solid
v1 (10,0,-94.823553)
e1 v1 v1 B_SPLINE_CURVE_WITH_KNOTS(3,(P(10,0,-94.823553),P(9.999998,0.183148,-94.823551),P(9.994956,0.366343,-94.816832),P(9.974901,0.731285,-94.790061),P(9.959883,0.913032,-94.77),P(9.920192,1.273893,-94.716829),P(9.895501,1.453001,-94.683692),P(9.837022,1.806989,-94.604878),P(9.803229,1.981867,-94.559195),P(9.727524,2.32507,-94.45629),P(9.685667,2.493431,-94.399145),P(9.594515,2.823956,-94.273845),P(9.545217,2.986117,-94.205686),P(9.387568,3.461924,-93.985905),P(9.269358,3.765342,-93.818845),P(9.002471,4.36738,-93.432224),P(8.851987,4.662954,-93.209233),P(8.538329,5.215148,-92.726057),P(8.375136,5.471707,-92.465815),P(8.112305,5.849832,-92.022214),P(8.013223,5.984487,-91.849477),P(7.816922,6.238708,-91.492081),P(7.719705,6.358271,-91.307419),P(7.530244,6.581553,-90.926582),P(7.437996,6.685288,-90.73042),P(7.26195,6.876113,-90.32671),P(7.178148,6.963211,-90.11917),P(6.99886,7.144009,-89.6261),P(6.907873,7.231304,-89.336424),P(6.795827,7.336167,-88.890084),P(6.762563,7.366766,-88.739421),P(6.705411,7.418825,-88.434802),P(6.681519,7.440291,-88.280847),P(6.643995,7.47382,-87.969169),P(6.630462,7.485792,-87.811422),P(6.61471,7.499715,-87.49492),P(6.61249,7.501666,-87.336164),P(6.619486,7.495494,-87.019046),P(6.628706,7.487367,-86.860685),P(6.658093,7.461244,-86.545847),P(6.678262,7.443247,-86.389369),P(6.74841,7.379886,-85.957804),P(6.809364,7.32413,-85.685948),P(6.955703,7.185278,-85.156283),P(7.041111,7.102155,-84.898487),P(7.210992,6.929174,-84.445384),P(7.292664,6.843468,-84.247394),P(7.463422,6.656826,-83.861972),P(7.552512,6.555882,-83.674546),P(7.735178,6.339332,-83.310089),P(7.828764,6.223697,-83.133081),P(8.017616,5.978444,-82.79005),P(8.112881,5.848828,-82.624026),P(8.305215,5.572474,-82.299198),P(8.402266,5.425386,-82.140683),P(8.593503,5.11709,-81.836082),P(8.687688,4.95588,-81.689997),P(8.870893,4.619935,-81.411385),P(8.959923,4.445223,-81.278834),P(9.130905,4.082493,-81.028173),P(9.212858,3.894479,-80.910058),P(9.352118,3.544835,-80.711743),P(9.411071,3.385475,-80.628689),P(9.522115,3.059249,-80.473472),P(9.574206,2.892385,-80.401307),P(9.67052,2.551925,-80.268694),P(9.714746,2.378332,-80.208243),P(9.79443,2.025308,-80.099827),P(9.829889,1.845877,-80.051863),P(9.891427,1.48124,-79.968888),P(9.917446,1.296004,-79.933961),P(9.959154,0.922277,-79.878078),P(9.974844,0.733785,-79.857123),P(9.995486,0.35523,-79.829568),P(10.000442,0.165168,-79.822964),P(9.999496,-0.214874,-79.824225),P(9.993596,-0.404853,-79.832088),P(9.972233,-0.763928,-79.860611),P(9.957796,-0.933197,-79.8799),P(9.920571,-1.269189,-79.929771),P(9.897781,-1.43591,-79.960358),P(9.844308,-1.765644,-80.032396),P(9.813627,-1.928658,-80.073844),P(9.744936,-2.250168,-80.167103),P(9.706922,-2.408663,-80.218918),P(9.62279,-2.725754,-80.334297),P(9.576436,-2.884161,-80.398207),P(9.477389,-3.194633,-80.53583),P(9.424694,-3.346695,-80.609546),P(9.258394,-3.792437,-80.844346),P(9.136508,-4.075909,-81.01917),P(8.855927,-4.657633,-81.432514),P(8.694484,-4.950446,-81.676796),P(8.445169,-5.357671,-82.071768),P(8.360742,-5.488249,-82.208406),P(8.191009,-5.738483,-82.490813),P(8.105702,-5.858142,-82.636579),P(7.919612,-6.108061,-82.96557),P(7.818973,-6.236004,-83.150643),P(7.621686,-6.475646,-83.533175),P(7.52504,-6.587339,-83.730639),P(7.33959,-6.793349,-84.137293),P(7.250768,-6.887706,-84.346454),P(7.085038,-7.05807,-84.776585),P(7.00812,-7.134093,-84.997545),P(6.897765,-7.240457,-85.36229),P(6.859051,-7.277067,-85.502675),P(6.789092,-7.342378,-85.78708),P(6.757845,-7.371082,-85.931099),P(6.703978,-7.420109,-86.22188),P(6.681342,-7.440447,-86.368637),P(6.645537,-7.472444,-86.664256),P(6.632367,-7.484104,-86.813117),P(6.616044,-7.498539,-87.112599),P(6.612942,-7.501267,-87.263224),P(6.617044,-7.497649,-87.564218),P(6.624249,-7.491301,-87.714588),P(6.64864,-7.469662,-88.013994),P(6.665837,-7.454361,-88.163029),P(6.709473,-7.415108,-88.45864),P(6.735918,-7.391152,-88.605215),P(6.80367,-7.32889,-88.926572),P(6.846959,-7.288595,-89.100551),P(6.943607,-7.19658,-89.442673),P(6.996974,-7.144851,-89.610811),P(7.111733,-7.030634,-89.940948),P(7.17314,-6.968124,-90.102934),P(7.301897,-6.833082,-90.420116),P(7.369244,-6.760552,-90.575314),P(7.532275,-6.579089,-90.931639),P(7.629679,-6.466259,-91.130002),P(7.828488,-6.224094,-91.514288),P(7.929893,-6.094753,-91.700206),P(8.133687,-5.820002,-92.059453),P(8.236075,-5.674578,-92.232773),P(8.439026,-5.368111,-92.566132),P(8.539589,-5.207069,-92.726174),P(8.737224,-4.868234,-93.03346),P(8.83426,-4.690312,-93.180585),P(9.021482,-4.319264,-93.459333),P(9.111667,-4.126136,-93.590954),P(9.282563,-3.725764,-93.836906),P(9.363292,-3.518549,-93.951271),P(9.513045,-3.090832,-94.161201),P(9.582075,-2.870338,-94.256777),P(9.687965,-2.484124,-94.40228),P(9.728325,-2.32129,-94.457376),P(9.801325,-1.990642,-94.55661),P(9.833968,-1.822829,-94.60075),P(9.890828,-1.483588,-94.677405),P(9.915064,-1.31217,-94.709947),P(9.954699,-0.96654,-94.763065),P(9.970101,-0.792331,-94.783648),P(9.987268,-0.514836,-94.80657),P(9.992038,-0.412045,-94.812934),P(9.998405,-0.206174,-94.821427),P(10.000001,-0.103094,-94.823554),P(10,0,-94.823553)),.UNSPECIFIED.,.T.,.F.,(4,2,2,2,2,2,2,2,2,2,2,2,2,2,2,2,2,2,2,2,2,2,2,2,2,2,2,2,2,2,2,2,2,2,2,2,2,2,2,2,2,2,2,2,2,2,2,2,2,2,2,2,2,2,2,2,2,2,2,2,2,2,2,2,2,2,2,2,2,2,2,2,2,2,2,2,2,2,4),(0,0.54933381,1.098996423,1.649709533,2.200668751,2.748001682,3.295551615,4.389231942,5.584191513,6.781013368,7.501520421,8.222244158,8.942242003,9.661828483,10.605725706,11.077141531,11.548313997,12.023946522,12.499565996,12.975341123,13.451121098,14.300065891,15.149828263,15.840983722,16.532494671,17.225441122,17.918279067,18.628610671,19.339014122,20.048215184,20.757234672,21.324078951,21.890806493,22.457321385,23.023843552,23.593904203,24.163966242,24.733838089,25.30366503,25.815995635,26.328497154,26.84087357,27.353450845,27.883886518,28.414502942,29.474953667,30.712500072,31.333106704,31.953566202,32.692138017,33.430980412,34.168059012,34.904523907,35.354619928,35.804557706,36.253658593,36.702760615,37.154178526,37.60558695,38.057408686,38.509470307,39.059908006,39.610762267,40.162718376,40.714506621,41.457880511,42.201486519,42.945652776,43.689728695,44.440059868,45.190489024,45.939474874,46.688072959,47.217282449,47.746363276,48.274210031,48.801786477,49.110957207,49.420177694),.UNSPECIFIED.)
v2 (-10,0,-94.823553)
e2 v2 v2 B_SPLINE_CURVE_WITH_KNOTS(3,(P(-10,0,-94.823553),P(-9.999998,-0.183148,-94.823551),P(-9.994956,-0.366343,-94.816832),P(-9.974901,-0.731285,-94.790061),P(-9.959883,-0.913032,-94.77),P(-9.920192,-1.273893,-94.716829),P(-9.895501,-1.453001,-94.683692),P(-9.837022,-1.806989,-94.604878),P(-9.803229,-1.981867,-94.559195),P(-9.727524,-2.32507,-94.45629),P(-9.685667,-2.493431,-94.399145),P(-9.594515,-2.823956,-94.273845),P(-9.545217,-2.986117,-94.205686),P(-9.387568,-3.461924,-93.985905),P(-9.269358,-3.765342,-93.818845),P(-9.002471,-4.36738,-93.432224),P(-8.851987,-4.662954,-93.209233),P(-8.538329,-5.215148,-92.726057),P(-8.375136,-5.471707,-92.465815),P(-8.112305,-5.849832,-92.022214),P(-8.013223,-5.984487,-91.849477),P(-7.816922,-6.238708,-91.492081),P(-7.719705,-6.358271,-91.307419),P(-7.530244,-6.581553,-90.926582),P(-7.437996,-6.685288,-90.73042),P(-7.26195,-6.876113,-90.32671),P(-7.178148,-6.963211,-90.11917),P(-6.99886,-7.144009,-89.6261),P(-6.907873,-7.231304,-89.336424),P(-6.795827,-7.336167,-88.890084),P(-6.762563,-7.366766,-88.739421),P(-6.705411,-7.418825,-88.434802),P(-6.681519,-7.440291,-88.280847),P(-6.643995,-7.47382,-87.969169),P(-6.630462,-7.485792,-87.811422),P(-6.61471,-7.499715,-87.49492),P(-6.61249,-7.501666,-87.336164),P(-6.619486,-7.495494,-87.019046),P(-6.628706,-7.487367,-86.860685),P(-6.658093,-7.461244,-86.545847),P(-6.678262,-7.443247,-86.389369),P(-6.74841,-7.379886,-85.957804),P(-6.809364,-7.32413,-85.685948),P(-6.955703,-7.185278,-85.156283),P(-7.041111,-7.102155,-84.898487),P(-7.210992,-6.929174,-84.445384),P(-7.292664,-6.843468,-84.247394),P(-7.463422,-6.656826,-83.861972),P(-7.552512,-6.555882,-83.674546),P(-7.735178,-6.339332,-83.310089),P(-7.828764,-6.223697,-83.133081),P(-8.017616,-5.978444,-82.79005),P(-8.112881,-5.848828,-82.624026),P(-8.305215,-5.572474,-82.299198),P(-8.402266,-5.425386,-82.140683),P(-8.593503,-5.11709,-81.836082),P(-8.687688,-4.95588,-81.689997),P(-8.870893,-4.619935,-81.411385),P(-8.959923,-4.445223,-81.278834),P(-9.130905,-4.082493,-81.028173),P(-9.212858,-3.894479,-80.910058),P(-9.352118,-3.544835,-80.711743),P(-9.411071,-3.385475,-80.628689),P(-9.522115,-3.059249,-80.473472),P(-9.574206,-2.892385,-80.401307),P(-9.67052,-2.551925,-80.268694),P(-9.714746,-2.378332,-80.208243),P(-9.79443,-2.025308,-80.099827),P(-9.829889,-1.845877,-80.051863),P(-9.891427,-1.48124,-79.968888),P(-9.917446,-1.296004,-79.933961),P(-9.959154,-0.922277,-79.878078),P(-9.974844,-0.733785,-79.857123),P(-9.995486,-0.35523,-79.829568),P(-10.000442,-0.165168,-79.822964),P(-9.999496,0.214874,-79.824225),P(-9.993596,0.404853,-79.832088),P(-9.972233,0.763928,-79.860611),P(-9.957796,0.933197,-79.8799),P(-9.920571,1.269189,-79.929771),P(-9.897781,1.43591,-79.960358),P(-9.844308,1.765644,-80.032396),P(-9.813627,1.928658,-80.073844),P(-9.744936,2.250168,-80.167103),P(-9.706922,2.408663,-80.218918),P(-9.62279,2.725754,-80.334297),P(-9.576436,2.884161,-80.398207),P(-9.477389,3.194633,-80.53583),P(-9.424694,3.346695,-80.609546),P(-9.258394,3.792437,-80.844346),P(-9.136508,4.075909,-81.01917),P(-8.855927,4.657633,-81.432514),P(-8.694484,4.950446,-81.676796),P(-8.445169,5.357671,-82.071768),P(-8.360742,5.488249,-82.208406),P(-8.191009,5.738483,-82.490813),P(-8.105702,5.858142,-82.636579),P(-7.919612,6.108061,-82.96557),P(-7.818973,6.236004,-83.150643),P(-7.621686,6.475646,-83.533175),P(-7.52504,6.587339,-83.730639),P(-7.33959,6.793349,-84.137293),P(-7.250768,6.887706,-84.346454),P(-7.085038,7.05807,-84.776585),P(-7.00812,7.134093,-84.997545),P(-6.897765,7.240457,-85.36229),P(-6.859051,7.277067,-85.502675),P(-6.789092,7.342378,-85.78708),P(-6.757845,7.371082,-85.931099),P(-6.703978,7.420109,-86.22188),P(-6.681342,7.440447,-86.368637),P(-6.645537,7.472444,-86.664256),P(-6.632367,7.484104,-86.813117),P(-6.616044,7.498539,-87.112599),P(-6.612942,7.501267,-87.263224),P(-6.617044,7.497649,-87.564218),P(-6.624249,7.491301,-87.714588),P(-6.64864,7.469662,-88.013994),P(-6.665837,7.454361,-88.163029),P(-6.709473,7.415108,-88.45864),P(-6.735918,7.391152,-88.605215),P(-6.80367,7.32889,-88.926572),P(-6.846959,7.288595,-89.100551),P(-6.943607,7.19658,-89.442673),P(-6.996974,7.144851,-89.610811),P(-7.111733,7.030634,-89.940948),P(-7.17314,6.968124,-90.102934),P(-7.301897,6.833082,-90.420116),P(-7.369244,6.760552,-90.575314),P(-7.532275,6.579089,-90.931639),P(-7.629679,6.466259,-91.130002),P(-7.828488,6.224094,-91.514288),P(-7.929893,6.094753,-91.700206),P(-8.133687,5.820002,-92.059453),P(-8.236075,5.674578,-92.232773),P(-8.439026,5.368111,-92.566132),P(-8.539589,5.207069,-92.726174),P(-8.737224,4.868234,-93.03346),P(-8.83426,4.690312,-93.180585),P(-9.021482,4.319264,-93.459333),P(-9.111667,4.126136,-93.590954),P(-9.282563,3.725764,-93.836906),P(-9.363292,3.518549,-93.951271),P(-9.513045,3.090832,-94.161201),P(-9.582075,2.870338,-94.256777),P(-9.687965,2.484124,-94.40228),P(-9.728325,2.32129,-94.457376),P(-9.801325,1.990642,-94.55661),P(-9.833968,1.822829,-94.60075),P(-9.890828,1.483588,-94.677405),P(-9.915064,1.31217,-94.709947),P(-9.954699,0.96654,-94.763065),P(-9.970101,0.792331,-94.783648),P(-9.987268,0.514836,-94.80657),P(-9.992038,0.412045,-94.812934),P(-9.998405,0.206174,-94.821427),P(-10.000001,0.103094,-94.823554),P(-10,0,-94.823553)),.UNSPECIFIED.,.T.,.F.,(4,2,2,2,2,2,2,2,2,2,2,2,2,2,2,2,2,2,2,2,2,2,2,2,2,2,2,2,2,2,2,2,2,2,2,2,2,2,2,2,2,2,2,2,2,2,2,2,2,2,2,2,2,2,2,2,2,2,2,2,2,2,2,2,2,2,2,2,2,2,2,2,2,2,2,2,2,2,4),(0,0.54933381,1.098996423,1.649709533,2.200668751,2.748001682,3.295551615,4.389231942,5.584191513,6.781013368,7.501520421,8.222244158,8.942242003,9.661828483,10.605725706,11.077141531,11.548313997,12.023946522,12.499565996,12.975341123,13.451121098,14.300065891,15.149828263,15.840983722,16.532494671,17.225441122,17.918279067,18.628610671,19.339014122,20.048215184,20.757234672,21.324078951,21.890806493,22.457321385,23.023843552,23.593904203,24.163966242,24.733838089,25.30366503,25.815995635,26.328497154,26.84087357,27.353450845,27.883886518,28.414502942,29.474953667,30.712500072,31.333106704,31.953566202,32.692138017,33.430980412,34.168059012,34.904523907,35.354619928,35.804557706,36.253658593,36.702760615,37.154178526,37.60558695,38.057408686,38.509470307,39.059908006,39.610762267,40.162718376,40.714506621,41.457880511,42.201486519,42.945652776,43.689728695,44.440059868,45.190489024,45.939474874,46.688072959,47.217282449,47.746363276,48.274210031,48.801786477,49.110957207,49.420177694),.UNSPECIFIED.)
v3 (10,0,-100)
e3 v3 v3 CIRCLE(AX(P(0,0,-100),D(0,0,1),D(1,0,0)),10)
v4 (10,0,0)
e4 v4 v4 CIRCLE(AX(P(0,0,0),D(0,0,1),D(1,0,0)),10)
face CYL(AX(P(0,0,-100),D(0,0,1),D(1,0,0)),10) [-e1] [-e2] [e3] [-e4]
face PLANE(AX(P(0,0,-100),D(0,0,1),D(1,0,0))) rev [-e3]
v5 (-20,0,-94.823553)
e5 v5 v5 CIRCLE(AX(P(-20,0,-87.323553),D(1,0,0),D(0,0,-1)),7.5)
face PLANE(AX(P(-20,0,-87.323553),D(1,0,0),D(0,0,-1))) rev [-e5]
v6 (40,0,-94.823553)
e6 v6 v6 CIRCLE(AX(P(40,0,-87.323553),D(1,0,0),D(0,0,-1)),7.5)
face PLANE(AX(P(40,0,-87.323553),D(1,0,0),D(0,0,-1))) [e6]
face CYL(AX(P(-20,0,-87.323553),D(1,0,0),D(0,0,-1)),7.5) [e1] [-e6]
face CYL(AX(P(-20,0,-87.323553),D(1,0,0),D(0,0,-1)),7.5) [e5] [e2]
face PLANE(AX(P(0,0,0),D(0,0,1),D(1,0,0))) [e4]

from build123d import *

# Parameters (mm, degrees)
CROQUIS1_R              = 10
SALIENTE_EXTRUIR1_DEPTH = 100
CROQUIS2_R              = 7.5
SALIENTE_EXTRUIR2_DEPTH = 30


with BuildPart() as part:
    # Croquis1 → Saliente-Extruir1 (new body)
    with BuildSketch(Plane.XY):
        Circle(CROQUIS1_R)
    extrude(amount=-SALIENTE_EXTRUIR1_DEPTH)

    # Croquis2 → Saliente-Extruir2 (add, symmetric)
    with BuildSketch(Plane(origin=(10, 0, 0), x_dir=(0, 0, -1), z_dir=(1, 0, 0))):
        with Locations((87.3235533, 0)):
            Circle(CROQUIS2_R)
    extrude(amount=SALIENTE_EXTRUIR2_DEPTH, both=True)


solid = part.part
